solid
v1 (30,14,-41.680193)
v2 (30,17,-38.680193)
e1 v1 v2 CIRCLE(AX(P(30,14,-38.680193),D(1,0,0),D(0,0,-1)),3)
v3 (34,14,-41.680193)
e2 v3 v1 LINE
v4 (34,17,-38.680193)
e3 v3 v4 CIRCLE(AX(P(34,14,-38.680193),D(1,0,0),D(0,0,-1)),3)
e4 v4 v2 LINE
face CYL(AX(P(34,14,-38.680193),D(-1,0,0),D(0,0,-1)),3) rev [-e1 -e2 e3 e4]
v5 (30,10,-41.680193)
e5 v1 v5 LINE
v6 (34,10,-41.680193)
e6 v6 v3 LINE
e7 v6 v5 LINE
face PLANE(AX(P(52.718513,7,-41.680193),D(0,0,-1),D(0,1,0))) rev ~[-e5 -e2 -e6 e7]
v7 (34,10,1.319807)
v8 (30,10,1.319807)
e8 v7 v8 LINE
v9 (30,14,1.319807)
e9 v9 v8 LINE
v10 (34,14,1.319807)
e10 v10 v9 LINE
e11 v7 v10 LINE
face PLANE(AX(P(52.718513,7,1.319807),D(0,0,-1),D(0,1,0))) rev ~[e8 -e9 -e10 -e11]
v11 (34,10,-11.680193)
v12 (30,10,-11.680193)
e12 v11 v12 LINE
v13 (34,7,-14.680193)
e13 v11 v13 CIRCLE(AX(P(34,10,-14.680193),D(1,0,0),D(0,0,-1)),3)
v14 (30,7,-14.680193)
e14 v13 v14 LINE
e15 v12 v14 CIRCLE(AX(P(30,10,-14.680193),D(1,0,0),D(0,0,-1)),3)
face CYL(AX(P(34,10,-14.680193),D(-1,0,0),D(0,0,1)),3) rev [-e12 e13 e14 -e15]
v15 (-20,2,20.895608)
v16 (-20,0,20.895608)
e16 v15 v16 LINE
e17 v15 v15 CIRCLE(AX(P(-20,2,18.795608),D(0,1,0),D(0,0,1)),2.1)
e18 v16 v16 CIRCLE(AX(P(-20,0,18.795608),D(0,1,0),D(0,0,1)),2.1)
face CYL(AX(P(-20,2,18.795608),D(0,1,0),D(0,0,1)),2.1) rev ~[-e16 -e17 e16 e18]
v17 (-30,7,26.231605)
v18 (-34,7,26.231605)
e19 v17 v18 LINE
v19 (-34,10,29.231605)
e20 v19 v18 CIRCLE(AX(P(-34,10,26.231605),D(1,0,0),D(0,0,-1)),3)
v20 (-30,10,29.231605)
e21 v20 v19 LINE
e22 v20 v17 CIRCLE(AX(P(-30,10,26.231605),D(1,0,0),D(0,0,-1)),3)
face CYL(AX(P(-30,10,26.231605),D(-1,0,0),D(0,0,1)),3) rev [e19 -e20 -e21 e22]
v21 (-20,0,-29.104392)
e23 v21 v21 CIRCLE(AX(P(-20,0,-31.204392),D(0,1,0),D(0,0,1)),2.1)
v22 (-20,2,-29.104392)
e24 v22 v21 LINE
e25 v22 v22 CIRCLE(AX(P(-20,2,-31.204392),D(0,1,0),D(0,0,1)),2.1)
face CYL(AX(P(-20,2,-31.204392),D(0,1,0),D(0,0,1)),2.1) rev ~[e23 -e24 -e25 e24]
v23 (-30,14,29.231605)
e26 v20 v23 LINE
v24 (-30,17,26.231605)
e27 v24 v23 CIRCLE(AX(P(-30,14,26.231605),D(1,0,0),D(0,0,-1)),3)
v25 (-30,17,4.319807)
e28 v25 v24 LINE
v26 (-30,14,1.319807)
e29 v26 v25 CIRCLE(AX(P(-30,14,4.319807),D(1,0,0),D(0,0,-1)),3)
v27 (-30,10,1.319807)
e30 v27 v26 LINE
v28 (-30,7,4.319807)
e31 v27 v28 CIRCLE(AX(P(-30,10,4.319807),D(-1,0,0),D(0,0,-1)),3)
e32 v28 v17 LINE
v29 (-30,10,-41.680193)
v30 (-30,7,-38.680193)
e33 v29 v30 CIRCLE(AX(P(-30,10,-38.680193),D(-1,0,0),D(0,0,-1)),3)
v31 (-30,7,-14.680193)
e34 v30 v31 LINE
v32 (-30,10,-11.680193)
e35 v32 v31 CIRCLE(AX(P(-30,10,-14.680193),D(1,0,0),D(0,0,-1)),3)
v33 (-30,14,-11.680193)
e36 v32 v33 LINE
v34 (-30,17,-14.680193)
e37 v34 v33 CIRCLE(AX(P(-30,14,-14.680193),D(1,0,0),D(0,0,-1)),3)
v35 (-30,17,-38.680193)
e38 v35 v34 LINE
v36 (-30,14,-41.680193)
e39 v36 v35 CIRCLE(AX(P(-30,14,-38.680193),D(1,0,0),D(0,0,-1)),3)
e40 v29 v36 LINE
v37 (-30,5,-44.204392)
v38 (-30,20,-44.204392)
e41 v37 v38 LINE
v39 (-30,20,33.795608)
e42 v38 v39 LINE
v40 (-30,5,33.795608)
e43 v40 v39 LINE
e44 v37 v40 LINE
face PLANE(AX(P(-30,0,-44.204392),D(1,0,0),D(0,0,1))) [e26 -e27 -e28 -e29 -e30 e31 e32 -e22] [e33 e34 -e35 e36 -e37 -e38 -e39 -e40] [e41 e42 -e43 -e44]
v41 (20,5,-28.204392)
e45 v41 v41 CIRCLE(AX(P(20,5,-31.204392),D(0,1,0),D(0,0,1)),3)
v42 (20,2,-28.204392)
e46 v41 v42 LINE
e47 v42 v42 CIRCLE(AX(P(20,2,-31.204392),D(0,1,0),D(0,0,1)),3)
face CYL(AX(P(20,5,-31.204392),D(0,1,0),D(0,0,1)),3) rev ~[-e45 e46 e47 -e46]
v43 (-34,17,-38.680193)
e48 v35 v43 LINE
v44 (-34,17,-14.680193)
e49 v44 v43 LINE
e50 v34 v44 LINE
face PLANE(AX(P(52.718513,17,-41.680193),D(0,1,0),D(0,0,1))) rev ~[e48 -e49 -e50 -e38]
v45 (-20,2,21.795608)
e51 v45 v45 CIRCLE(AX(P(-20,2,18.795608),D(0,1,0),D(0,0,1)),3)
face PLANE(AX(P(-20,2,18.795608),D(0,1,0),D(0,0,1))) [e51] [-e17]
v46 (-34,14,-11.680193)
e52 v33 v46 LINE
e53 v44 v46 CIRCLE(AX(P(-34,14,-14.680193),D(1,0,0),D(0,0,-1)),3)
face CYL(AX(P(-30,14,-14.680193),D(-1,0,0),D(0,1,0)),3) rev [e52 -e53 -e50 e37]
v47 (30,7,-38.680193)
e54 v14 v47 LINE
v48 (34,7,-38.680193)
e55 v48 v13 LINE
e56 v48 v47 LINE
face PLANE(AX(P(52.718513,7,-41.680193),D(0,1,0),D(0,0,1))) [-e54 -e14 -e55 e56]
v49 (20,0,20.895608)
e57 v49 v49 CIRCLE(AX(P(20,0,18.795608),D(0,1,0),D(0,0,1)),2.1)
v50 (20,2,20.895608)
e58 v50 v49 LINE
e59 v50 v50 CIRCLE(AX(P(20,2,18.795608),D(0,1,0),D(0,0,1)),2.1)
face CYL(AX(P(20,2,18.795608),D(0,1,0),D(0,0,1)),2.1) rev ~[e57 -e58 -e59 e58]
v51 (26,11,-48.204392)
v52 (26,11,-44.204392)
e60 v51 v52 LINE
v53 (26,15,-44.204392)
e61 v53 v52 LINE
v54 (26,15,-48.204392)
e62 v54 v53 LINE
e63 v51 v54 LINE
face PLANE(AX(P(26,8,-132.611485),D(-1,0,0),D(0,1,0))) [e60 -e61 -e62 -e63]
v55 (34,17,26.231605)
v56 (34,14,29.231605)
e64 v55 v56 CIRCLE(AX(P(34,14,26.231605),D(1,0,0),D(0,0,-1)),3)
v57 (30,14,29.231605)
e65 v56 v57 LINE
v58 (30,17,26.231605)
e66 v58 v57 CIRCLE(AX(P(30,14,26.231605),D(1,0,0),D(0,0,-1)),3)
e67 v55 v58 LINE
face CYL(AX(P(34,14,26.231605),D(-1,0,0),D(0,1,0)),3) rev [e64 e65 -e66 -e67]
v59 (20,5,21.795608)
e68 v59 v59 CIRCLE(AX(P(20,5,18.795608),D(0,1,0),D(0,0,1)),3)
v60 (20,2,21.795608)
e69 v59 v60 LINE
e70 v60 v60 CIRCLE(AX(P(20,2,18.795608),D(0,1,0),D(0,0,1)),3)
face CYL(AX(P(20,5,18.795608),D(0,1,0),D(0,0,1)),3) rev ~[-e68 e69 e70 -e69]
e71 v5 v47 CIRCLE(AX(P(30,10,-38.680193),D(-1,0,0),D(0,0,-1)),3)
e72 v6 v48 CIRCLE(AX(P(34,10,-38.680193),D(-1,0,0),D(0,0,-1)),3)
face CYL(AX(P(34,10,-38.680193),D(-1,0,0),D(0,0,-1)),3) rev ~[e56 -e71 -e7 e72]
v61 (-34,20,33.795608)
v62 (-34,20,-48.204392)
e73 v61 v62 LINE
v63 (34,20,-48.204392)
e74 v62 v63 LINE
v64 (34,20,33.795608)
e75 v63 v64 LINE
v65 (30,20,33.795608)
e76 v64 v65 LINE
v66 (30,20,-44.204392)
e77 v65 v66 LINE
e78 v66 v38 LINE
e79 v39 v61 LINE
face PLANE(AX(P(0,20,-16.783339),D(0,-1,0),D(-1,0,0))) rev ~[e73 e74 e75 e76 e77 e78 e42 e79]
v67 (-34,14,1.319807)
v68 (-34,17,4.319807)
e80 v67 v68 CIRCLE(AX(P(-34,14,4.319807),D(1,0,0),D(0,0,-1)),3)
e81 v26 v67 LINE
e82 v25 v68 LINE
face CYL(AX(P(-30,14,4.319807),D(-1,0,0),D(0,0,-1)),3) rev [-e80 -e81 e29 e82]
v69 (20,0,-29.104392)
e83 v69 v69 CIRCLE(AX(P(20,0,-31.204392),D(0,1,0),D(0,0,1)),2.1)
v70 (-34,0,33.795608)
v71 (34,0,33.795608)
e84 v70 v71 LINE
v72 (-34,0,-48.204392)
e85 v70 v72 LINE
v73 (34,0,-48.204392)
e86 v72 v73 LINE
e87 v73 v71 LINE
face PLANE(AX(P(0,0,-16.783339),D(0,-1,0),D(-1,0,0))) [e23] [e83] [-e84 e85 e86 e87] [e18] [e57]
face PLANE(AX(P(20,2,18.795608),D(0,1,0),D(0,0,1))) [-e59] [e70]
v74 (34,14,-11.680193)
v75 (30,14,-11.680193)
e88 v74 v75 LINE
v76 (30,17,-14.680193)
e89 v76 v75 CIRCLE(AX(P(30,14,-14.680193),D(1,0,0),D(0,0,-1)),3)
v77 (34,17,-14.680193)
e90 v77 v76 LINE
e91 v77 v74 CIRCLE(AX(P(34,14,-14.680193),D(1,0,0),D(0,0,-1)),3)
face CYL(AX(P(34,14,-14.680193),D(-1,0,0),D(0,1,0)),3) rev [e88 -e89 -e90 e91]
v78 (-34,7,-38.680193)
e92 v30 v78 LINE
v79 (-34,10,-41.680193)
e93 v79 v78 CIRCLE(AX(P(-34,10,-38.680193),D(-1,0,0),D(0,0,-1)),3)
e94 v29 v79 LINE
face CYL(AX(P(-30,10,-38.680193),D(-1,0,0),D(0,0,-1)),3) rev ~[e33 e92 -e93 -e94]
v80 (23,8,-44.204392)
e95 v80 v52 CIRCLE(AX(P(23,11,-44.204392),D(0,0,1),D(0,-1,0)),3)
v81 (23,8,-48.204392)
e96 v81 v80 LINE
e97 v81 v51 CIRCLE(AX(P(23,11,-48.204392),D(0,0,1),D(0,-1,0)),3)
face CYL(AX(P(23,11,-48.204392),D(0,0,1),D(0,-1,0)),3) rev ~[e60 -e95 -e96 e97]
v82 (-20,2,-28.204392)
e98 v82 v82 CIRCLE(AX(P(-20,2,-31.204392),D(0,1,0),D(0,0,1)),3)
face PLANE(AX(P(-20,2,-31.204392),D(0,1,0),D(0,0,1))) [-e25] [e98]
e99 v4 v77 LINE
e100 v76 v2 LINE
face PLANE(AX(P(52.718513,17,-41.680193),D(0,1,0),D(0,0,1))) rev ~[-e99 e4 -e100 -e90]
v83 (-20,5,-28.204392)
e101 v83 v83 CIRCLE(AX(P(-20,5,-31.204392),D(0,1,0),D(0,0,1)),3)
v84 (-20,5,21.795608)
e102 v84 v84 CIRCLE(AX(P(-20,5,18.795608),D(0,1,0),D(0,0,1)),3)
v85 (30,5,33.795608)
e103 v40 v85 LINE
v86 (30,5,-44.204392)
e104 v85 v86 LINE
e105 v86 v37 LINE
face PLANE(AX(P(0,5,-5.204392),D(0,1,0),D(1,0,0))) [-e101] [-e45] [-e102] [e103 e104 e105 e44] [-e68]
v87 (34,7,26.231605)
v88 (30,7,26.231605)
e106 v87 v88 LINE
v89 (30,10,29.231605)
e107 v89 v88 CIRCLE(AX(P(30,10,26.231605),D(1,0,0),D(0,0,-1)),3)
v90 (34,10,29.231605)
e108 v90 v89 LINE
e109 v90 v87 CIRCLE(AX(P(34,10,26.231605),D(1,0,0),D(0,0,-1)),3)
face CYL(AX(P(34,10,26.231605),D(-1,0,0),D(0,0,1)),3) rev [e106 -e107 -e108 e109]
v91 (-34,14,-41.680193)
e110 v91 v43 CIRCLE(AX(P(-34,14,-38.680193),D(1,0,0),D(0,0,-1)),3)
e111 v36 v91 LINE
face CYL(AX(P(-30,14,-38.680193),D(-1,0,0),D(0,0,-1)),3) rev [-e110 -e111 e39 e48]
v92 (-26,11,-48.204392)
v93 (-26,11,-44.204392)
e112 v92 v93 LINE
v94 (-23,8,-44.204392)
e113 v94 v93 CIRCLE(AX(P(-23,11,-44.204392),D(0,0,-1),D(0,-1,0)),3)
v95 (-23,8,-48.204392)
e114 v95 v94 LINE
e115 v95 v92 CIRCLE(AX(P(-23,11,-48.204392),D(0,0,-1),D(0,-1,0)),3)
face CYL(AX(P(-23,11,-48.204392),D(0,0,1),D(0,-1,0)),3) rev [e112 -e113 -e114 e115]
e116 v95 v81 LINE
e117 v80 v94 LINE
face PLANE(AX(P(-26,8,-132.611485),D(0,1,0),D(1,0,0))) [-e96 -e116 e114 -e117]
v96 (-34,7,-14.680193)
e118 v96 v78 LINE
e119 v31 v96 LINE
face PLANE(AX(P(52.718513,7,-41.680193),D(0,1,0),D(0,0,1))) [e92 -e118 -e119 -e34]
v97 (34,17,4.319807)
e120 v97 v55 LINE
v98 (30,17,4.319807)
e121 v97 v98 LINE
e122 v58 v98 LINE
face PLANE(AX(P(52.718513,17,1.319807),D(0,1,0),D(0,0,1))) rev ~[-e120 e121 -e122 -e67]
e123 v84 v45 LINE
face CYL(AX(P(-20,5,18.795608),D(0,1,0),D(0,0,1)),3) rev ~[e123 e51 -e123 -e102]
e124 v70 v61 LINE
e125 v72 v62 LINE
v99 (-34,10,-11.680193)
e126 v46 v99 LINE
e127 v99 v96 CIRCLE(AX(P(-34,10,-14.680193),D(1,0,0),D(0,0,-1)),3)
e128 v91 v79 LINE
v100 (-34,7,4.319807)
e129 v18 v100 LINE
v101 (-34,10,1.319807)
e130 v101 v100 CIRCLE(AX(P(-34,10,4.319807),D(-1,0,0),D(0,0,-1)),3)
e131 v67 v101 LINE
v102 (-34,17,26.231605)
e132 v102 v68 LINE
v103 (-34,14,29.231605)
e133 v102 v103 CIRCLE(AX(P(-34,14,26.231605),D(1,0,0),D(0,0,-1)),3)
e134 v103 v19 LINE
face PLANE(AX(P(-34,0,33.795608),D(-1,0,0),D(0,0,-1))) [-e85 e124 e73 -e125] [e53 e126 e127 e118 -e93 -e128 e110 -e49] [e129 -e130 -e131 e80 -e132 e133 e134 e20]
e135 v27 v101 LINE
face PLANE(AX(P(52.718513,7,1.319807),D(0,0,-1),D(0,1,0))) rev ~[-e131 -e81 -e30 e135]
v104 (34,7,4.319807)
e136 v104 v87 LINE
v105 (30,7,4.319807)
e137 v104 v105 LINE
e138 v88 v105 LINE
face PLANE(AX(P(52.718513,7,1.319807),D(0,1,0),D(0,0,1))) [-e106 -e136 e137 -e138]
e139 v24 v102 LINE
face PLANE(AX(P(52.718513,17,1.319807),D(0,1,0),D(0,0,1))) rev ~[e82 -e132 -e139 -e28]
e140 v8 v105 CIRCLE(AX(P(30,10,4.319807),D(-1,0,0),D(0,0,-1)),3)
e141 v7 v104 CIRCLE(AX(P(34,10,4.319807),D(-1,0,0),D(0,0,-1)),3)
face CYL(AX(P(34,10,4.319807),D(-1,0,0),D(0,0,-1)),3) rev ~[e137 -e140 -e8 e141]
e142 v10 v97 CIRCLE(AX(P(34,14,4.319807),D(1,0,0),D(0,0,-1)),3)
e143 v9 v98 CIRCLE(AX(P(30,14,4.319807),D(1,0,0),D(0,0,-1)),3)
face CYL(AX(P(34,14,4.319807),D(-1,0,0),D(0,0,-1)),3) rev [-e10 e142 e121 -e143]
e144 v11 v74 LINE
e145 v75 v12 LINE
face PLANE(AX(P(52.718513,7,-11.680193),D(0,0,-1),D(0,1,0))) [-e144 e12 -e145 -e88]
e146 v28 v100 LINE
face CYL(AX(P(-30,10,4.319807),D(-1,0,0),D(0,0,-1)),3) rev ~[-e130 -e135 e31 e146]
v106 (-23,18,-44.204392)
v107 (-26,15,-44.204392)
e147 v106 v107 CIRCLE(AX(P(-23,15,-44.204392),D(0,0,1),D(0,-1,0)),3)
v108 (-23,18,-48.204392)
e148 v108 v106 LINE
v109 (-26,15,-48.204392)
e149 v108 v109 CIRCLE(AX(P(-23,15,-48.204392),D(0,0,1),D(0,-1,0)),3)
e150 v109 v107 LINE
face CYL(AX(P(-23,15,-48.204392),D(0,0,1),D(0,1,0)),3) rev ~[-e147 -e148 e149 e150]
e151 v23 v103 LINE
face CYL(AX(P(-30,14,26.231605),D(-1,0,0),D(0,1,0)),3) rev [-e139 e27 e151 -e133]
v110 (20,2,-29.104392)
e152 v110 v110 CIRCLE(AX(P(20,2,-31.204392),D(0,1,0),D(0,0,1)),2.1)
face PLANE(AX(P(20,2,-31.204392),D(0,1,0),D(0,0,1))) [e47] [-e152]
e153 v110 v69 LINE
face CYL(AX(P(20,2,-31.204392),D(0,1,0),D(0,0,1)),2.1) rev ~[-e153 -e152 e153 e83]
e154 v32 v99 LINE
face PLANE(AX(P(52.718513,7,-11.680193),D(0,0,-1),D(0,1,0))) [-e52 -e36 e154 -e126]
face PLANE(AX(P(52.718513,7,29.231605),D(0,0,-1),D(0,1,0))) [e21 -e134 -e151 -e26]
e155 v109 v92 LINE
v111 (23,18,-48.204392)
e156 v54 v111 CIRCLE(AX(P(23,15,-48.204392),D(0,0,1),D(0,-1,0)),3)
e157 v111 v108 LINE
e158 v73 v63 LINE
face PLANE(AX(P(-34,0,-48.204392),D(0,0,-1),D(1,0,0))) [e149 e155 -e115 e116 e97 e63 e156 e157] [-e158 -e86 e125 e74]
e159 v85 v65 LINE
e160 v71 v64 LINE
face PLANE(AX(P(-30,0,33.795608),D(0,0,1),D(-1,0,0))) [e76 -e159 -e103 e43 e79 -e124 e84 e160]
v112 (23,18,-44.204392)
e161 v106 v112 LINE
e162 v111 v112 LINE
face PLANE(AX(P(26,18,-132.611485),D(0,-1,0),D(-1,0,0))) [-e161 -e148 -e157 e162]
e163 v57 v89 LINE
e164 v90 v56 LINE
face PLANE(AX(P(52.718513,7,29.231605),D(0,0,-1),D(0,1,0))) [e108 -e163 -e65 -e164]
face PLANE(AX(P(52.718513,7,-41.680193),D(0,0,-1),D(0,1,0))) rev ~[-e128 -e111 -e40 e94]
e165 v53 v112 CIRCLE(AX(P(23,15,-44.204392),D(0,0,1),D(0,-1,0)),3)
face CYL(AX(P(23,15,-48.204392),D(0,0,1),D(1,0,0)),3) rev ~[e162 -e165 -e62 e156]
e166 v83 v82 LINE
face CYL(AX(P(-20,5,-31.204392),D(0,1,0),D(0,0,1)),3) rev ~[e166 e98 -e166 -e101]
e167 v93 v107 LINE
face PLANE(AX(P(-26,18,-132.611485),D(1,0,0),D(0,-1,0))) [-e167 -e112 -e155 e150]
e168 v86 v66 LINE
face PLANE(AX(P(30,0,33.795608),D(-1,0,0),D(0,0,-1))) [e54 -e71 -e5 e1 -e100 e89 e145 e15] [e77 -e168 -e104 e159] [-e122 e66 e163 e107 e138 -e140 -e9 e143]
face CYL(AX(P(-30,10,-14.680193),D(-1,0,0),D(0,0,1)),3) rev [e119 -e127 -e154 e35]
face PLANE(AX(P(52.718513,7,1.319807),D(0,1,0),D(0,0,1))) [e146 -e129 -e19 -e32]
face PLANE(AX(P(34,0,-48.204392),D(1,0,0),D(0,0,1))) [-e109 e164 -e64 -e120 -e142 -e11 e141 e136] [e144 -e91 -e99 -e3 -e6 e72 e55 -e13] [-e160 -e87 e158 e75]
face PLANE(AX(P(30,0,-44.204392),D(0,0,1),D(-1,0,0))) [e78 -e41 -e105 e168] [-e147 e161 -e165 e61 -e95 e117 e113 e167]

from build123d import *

# Parameters (mm, degrees)
EXTRUDE_1_DEPTH          = 5
EXTRUDE_2_DEPTH          = 15
EXTRUDE_2_DEPTH_BACK     = 5
SKETCH_3_R               = 3
CUT_EXTRUDE_1_DEPTH      = 3
SKETCH_4_R               = 2.1
CUT_EXTRUDE_2_DEPTH      = 10
CUT_EXTRUDE_3_DEPTH      = 86.718512573
CUT_EXTRUDE_3_DEPTH_BACK = 86.718512573
SKETCH_5_W               = 30
SKETCH_5_H               = 10
SKETCH_5_W_2             = 27.91179781
FILLET_1_R               = 3
CUT_EXTRUDE_4_DEPTH      = 88.407093534
CUT_EXTRUDE_4_DEPTH_BACK = 88.407093534
FILLET_2_R               = 3


with BuildPart() as part:
    # 草图1 → 凸台-拉伸1 (new body)
    with BuildSketch(Plane(origin=(0, 0, 0), x_dir=(1, 0, 0), z_dir=(0, 1, 0))):
        Polygon((0, 44.204391892), (-30, 44.204391892), (-30, -33.795608108), (0, -33.795608108), (30, -33.795608108), (30, 44.204391892), align=None)
    extrude(amount=EXTRUDE_1_DEPTH)

    # 草图2 → 凸台-拉伸2 (add, two sides: drawn at the far end of the back side and taken through both)
    with BuildSketch(Plane(origin=(0, 5, 0), x_dir=(1, 0, 0), z_dir=(0, 1, 0)).offset(-EXTRUDE_2_DEPTH_BACK)):
        Polygon((-30, -33.795608108), (-34, -33.795608108), (-34, 48.204391892), (34, 48.204391892), (34, -33.795608108), (30, -33.795608108), (30, 44.204391892), (-30, 44.204391892), align=None)
    extrude(amount=EXTRUDE_2_DEPTH + EXTRUDE_2_DEPTH_BACK)

    # 草图3 → 切除-拉伸1 (cut)
    with BuildSketch(Plane(origin=(0, 5, 0), x_dir=(1, 0, 0), z_dir=(0, 1, 0))):
        with Locations(Location((-20, 31.204391892, 0), (0, 0, 270))):
            Circle(SKETCH_3_R)
        with Locations(Location((20, 31.204391892, 0), (0, 0, 270))):
            Circle(SKETCH_3_R)
        with Locations(Location((-20, -18.795608108, 0), (0, 0, 270))):
            Circle(SKETCH_3_R)
        with Locations(Location((20, -18.795608108, 0), (0, 0, 270))):
            Circle(SKETCH_3_R)
    extrude(amount=-CUT_EXTRUDE_1_DEPTH, mode=Mode.SUBTRACT)

    # 草图4 → 切除-拉伸2 (cut)
    with BuildSketch(Plane(origin=(0, 2, 0), x_dir=(1, 0, 0), z_dir=(0, 1, 0))):
        with Locations(Location((-20, 31.204391892, 0), (0, 0, 270))):
            Circle(SKETCH_4_R)
        with Locations(Location((20, 31.204391892, 0), (0, 0, 270))):
            Circle(SKETCH_4_R)
        with Locations(Location((20, -18.795608108, 0), (0, 0, 270))):
            Circle(SKETCH_4_R)
        with Locations(Location((-20, -18.795608108, 0), (0, 0, 270))):
            Circle(SKETCH_4_R)
    extrude(amount=-CUT_EXTRUDE_2_DEPTH, mode=Mode.SUBTRACT)

    # 草图5 → 切除-拉伸3 (cut, two sides: drawn at the far end of the back side and taken through both)
    with BuildSketch(Plane.ZY.offset(34).offset(-CUT_EXTRUDE_3_DEPTH_BACK)):
        with Locations((-26.680193, 12)):
            Rectangle(SKETCH_5_W, SKETCH_5_H)
        with Locations((15.275705905, 12)):
            Rectangle(SKETCH_5_W_2, SKETCH_5_H)
    extrude(amount=CUT_EXTRUDE_3_DEPTH + CUT_EXTRUDE_3_DEPTH_BACK, mode=Mode.SUBTRACT)

    # 圆角1
    fillet_1_edges = [part.edges().sort_by_distance(p)[0] for p in [
        (-32, 17, -41.680193),
        (32, 17, -41.680193),
        (-32, 17, -11.680193),
        (32, 17, -11.680193),
        (-32, 7, -11.680193),
        (32, 7, -11.680193),
        (-32, 7, -41.680193),
        (32, 7, -41.680193),
        (-32, 17, 1.319807),
        (32, 17, 1.319807),
        (-32, 17, 29.23160481),
        (32, 17, 29.23160481),
        (-32, 7, 29.23160481),
        (32, 7, 29.23160481),
        (-32, 7, 1.319807),
        (32, 7, 1.319807),
    ]]
    fillet(fillet_1_edges, radius=FILLET_1_R)

    # 草图6 → 切除-拉伸4 (cut, two sides: drawn at the far end of the back side and taken through both)
    with BuildSketch(Plane.XY.offset(-44.204391892).offset(-CUT_EXTRUDE_4_DEPTH_BACK)):
        Polygon((0, 18), (-26, 18), (-26, 8), (26, 8), (26, 18), align=None)
    extrude(amount=CUT_EXTRUDE_4_DEPTH + CUT_EXTRUDE_4_DEPTH_BACK, mode=Mode.SUBTRACT)

    # 圆角2
    fillet_2_edges = [part.edges().sort_by_distance(p)[0] for p in [
        (26, 18, -46.204391892),
        (26, 8, -46.204391892),
        (-26, 8, -46.204391892),
        (-26, 18, -46.204391892),
    ]]
    fillet(fillet_2_edges, radius=FILLET_2_R)


solid = part.part
